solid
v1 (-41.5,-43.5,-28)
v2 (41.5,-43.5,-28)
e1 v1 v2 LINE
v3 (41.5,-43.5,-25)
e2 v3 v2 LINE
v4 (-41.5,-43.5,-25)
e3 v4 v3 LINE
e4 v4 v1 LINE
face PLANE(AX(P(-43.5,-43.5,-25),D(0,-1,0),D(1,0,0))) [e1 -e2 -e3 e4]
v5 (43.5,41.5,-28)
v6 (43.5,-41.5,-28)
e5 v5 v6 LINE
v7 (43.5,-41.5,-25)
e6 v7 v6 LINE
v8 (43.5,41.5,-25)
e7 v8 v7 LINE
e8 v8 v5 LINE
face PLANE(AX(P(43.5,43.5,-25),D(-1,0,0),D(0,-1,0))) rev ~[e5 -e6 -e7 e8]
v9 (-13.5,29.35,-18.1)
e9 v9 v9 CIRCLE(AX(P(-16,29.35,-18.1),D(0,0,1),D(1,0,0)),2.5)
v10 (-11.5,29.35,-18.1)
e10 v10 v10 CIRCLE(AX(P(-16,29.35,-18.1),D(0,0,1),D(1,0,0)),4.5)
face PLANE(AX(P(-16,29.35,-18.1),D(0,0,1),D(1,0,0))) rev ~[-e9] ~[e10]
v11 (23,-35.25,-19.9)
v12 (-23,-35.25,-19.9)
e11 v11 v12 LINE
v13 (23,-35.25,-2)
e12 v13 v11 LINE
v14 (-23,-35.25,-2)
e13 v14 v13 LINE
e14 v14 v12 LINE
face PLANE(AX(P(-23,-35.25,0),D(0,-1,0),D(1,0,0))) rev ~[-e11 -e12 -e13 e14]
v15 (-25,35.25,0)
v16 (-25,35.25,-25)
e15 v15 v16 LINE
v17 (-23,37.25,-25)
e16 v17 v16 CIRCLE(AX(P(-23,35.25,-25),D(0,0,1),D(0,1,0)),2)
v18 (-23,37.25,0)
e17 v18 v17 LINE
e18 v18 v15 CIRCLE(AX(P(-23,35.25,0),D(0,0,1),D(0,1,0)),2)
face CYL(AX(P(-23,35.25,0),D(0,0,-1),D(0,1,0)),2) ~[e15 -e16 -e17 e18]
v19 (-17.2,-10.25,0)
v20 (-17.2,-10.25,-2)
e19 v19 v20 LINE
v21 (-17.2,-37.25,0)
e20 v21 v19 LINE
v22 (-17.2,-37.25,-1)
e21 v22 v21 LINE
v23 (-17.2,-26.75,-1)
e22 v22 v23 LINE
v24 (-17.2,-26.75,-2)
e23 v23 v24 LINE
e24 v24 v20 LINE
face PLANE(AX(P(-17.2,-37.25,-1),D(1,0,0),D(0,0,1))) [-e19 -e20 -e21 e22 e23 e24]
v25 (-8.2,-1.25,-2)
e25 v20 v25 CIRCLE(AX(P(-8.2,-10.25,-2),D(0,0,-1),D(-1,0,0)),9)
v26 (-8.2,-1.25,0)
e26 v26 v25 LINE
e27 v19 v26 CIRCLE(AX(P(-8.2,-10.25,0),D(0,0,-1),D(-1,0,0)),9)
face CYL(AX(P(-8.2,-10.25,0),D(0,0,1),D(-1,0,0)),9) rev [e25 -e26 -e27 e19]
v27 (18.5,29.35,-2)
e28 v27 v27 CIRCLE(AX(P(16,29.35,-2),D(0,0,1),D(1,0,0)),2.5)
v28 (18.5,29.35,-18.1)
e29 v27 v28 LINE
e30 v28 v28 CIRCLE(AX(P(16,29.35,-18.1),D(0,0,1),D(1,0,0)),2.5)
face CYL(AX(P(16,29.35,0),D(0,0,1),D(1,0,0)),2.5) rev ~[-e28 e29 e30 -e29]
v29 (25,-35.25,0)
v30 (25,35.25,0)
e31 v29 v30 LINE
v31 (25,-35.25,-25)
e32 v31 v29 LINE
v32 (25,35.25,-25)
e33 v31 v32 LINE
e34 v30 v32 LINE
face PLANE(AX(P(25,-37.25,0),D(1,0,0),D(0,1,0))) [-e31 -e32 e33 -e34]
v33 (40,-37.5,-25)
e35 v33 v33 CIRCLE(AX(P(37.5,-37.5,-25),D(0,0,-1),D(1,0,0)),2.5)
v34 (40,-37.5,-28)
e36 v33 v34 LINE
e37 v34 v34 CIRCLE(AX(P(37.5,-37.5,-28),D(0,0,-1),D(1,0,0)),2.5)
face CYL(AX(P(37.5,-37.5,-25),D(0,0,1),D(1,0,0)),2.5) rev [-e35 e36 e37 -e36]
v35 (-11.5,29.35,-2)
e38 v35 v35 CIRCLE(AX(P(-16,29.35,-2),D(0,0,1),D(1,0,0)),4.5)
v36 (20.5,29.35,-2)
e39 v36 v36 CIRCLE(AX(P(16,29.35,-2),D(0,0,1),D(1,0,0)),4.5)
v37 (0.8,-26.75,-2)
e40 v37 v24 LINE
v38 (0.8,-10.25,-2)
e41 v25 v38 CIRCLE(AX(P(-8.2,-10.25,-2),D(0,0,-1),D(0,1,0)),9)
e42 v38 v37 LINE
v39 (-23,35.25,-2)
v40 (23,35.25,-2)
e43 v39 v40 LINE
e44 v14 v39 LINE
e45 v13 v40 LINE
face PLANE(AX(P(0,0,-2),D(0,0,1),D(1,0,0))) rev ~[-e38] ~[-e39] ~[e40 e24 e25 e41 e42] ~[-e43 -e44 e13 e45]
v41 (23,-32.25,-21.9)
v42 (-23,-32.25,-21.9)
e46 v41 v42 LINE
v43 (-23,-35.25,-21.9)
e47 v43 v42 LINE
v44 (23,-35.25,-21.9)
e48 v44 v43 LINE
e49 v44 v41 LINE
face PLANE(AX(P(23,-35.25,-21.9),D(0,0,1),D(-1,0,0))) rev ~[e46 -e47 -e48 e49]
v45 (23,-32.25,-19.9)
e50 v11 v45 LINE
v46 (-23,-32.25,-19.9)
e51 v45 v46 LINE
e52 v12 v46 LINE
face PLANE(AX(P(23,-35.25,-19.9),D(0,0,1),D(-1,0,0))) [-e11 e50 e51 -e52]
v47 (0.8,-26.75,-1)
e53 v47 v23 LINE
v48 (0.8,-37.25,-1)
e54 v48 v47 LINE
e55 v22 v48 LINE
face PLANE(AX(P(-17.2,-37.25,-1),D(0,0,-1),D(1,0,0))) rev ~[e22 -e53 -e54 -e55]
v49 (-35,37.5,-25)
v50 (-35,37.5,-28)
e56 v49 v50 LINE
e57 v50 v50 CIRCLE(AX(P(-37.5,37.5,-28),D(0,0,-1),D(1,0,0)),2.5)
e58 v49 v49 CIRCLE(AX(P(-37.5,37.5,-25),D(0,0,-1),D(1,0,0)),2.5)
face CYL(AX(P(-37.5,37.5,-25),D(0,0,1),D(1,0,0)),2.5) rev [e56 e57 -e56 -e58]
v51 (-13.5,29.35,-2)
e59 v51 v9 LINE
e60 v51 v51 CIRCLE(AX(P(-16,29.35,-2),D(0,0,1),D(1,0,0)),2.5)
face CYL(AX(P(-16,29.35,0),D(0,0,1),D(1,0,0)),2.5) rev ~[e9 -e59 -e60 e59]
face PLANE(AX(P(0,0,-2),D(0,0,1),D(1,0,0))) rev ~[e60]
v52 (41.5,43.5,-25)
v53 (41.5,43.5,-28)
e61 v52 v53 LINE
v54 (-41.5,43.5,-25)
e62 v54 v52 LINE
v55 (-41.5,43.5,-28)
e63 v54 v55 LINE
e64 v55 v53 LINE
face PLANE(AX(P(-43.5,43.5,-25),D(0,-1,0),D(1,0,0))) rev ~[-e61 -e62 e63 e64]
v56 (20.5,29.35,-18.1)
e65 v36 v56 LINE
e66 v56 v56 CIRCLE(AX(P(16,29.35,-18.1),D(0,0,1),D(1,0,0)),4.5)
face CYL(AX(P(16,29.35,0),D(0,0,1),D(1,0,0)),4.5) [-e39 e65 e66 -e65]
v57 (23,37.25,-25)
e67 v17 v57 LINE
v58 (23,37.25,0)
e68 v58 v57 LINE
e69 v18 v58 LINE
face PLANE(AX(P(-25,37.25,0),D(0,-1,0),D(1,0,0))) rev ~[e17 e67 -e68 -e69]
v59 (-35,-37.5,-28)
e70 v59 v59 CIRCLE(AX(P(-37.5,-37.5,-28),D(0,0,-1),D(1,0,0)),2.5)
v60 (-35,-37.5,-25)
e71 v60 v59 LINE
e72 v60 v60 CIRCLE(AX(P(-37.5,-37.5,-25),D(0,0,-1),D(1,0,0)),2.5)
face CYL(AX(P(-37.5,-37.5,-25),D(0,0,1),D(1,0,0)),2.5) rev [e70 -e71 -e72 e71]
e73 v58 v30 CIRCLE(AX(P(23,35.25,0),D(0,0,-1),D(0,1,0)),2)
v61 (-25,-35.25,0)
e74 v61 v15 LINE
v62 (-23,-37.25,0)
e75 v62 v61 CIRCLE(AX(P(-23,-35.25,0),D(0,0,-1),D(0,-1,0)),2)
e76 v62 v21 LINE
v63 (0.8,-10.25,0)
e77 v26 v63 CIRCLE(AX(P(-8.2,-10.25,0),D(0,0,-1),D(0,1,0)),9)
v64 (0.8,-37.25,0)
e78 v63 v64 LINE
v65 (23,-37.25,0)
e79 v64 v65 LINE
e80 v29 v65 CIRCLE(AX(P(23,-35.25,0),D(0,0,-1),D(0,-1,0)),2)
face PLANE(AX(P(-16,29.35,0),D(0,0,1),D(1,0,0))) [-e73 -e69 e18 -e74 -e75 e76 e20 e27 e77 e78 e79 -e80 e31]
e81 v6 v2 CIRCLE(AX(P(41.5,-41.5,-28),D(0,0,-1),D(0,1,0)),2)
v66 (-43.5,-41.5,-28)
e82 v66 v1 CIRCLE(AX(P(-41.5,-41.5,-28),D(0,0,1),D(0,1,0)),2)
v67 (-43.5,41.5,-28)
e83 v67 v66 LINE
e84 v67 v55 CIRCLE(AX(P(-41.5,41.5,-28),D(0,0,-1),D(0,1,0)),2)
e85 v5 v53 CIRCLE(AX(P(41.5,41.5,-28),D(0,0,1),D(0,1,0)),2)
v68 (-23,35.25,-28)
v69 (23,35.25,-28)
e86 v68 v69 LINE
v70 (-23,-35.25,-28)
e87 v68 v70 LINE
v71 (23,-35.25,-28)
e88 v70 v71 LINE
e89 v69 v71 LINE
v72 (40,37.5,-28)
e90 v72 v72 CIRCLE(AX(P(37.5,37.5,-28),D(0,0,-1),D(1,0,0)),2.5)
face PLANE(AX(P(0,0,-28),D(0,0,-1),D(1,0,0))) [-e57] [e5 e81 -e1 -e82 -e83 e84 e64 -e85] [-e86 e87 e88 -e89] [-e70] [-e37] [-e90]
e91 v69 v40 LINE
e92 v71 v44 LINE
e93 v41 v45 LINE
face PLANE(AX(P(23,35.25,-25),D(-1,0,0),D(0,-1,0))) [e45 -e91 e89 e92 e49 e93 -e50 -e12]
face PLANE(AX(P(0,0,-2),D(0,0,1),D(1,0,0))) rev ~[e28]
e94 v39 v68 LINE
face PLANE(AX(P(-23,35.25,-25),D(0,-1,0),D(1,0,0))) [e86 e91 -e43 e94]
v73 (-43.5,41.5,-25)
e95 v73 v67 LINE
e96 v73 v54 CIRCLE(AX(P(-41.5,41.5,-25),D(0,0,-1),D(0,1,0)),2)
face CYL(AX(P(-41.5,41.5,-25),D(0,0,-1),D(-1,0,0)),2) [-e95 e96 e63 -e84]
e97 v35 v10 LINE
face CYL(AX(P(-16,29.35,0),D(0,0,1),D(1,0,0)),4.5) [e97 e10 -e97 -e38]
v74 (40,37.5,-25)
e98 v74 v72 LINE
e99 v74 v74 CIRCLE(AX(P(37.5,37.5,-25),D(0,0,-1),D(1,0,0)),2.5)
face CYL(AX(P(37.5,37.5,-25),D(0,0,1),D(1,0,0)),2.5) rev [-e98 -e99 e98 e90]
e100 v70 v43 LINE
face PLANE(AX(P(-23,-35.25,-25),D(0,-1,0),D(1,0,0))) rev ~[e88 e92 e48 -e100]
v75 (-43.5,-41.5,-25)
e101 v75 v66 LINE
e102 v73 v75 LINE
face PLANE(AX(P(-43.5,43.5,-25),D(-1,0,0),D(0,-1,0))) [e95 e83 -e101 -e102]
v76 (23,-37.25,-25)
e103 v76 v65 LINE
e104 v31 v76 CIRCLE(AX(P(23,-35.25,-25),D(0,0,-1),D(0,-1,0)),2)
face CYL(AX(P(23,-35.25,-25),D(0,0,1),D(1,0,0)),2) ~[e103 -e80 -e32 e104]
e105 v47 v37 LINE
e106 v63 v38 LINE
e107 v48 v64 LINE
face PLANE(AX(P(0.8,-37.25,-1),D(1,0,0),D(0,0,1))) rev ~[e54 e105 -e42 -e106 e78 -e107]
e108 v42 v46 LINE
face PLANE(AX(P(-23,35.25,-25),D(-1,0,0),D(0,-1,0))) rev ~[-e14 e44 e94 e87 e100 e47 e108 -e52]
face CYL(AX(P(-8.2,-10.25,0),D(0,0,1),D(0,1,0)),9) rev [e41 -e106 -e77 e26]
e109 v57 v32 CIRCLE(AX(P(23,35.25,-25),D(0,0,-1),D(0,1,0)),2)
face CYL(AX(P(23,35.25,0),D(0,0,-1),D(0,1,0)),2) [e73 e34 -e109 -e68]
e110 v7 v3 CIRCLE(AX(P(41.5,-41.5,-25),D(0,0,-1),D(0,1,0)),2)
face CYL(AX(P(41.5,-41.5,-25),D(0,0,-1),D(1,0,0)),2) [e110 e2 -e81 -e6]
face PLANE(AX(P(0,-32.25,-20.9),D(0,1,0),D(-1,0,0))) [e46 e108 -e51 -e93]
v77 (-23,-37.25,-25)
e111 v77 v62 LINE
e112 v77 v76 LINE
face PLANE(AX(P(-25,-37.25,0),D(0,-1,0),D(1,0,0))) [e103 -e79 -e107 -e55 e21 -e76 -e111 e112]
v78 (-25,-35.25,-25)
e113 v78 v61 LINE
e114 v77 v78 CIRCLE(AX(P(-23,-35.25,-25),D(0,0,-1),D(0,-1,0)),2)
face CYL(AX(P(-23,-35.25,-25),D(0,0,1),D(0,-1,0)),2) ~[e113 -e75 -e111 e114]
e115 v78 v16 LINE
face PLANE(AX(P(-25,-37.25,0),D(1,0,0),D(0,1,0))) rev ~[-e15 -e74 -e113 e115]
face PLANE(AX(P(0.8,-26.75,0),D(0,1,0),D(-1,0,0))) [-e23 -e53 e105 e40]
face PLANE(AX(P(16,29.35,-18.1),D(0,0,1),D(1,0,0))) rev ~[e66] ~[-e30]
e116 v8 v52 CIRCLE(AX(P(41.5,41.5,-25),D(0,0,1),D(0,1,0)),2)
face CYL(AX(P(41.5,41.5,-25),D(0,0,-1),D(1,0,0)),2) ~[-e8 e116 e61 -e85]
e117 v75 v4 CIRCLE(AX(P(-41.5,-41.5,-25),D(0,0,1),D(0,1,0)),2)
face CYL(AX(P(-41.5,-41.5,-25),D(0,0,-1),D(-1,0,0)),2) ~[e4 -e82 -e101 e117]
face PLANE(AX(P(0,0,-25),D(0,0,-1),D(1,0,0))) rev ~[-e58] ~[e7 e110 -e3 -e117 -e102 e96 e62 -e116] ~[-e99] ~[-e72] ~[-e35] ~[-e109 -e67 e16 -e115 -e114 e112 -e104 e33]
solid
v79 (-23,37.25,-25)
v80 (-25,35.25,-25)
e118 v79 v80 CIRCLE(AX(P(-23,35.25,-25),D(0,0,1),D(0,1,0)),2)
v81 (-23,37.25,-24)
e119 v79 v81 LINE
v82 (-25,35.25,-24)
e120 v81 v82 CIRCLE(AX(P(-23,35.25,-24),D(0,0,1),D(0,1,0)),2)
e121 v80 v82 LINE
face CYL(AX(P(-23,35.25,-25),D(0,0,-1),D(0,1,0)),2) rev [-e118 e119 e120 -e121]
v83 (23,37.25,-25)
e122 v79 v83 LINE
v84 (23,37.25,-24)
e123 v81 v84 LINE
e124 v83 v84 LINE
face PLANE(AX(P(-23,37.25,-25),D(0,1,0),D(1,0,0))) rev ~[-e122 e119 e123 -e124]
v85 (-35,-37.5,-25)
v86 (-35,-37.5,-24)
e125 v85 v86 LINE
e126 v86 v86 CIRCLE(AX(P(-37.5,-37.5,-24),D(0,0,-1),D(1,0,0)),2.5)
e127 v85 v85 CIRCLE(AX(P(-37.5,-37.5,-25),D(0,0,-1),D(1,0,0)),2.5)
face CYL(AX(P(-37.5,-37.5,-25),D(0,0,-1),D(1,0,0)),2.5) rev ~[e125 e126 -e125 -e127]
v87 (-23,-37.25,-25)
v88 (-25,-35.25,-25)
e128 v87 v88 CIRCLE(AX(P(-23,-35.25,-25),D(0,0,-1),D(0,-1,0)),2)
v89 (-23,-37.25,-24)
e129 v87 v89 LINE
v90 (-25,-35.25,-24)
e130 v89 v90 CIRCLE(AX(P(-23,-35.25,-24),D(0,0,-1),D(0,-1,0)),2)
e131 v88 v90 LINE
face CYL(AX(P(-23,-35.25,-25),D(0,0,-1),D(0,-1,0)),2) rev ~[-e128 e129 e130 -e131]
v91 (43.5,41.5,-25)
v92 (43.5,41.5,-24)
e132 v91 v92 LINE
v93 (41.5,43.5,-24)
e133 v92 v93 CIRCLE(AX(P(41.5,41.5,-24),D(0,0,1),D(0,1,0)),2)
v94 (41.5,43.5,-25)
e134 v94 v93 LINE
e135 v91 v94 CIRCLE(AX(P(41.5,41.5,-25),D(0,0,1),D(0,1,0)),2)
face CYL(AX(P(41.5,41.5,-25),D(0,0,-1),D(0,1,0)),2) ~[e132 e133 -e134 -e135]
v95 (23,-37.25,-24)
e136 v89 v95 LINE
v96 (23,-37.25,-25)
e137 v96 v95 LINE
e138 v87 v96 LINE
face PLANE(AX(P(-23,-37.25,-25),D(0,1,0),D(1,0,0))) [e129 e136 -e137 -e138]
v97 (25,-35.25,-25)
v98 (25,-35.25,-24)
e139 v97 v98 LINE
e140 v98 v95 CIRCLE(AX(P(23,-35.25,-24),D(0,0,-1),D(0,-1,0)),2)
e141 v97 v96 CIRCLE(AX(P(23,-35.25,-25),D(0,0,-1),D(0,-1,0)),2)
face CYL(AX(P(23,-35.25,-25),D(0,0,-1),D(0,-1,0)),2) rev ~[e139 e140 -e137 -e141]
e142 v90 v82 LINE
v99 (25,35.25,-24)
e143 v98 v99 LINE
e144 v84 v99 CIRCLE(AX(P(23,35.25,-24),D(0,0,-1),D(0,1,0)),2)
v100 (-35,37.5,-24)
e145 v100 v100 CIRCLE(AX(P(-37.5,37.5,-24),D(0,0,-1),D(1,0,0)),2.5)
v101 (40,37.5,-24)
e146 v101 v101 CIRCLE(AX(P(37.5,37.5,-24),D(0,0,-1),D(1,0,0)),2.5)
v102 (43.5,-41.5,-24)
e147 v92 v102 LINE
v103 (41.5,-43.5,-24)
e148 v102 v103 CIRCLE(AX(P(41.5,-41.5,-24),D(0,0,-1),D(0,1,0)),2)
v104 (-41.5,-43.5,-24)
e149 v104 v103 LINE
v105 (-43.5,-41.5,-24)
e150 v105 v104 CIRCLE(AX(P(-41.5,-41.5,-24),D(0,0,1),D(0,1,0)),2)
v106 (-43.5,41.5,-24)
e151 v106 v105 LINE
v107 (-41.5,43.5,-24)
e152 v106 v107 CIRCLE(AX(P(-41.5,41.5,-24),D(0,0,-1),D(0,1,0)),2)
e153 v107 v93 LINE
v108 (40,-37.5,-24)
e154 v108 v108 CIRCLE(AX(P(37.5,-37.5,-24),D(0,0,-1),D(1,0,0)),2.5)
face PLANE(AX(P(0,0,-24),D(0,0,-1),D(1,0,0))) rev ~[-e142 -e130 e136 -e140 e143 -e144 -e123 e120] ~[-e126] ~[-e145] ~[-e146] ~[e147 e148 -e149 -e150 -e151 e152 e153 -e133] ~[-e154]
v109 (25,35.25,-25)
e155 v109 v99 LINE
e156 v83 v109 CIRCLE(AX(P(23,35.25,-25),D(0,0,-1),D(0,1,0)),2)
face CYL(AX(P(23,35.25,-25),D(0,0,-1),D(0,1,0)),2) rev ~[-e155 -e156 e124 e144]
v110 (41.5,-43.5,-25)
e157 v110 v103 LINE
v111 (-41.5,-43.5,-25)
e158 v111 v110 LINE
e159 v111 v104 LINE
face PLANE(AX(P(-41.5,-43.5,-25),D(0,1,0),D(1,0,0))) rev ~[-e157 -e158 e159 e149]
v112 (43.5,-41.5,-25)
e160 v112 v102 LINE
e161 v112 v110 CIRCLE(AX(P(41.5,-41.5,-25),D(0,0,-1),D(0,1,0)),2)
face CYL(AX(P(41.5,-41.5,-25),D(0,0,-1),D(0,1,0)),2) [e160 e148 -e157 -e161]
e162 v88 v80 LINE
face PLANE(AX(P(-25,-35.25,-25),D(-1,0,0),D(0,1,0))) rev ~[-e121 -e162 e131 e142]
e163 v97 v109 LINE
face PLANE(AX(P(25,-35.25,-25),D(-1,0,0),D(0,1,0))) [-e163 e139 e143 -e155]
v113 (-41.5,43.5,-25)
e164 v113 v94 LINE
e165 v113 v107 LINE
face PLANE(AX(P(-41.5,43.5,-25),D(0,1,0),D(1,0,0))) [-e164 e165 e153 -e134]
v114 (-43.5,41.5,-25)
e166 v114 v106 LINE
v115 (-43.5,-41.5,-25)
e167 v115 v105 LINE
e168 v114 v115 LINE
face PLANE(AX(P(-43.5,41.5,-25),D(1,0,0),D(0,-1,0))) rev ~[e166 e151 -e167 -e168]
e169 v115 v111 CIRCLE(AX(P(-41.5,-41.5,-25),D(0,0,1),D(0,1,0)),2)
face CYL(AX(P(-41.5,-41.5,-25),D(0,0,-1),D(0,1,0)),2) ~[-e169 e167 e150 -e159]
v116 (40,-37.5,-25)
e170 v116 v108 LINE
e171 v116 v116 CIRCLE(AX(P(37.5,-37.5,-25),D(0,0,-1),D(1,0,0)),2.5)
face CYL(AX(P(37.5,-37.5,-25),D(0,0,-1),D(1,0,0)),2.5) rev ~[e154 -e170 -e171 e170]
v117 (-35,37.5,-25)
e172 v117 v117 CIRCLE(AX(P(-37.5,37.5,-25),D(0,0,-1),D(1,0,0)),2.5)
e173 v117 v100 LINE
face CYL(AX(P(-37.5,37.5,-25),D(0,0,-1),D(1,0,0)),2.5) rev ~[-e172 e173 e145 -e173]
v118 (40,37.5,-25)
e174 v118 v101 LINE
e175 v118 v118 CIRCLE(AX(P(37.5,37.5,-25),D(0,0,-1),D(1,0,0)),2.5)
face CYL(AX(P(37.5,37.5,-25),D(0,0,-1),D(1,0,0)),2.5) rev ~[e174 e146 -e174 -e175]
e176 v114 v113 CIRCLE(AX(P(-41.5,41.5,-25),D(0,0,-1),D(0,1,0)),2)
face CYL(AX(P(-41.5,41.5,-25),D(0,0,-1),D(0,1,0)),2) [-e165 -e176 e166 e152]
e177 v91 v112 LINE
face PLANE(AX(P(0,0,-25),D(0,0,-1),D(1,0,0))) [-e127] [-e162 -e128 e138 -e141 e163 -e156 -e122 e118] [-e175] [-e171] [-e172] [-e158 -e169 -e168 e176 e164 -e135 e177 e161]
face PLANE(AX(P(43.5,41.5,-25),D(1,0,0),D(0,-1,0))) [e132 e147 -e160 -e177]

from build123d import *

# Parameters (mm, degrees)
F0_W      = 50
F0_H      = 74.5
F0_W_2    = 46
F0_H_2    = 70.5
F0_R      = 4.5
F0_R_2    = 2.5
F1_DEPTH  = 2
F2_DEPTH  = 25
F3_DEPTH  = 18.1
F4_W      = 46
F4_H      = 2
F5_DEPTH  = 3
F6_W      = 87
F6_H      = 87
F6_R      = 2.5
F6_W_2    = 50
F6_H_2    = 74.5
F6_W_3    = 46
F6_H_3    = 70.5
F7_DEPTH  = 3
F8_R      = 2
F9_DEPTH  = 1
F10_W     = 18
F10_H     = 1
F11_DEPTH = 25


with BuildPart() as f1:
    # F0 (on Top) → F1 (new body)
    with BuildSketch(Plane.XY):
        Rectangle(F0_W, F0_H)
        Rectangle(F0_W_2, F0_H_2, mode=Mode.SUBTRACT)
        Rectangle(F0_W_2, F0_H_2)
        Polygon((0.8, -26.75), (-17.2, -26.75), (-17.2, -10.25), (-17.2, -1.25), (-8.2, -1.25), (0.8, -1.25), (0.8, -10.25), align=None, mode=Mode.SUBTRACT)
        with Locations((-16, 29.35)):
            Circle(F0_R, mode=Mode.SUBTRACT)
        with Locations((16, 29.35)):
            Circle(F0_R, mode=Mode.SUBTRACT)
        with Locations((-16, 29.35)):
            Circle(F0_R)
        with Locations((-16, 29.35)):
            Circle(F0_R_2, mode=Mode.SUBTRACT)
        with Locations((16, 29.35)):
            Circle(F0_R)
        with Locations((16, 29.35)):
            Circle(F0_R_2, mode=Mode.SUBTRACT)
        with Locations((-16, 29.35)):
            Circle(F0_R_2)
        with Locations((16, 29.35)):
            Circle(F0_R_2)
        with BuildLine():
            Line((-17.2, -1.25), (-17.2, -10.25))
            ThreePointArc((-17.2, -10.25), (-14.5639610307, -3.8860389693), (-8.2, -1.25))
            Line((-8.2, -1.25), (-17.2, -1.25))
        make_face()
        with BuildLine():
            ThreePointArc((-8.2, -1.25), (-1.8360389693, -3.8860389693), (0.8, -10.25))
            Line((0.8, -10.25), (0.8, -1.25))
            Line((0.8, -1.25), (-8.2, -1.25))
        make_face()
    extrude(amount=-F1_DEPTH)

    # F0 (on Top) → F2 (join)
    with BuildSketch(Plane.XY):
        Rectangle(F0_W, F0_H)
        Rectangle(F0_W_2, F0_H_2, mode=Mode.SUBTRACT)
    extrude(amount=-F2_DEPTH)

    # F0 (on Top) → F3 (join)
    with BuildSketch(Plane.XY):
        with Locations((-16, 29.35)):
            Circle(F0_R)
        with Locations((-16, 29.35)):
            Circle(F0_R_2, mode=Mode.SUBTRACT)
        with Locations((16, 29.35)):
            Circle(F0_R)
        with Locations((16, 29.35)):
            Circle(F0_R_2, mode=Mode.SUBTRACT)
    extrude(amount=-F3_DEPTH)

    # F4 (on face) → F5 (join)
    with BuildSketch(Plane(origin=(0, -35.25, 0), x_dir=(-1, 0, 0), z_dir=(0, 1, 0))):
        with Locations((0, -20.9)):
            Rectangle(F4_W, F4_H)
    extrude(amount=F5_DEPTH)

    # F6 (on face) → F7 (join)
    with BuildSketch(Plane(origin=(0, 0, -25), x_dir=(1, 0, 0), z_dir=(0, 0, -1))):
        Rectangle(F6_W, F6_H)
        with Locations((-37.5, -37.5)):
            Circle(F6_R, mode=Mode.SUBTRACT)
        with Locations((37.5, -37.5)):
            Circle(F6_R, mode=Mode.SUBTRACT)
        with Locations((-37.5, 37.5)):
            Circle(F6_R, mode=Mode.SUBTRACT)
        Rectangle(F6_W_2, F6_H_2, mode=Mode.SUBTRACT)
        with Locations((37.5, 37.5)):
            Circle(F6_R, mode=Mode.SUBTRACT)
        Rectangle(F6_W_2, F6_H_2)
        Rectangle(F6_W_3, F6_H_3, mode=Mode.SUBTRACT)
    extrude(amount=F7_DEPTH)

    # F8
    f8_edges = [f1.edges().sort_by_distance(p)[0] for p in [
        (25, -37.25, -12.5),
        (43.5, -43.5, -26.5),
        (-43.5, -43.5, -26.5),
        (43.5, 43.5, -26.5),
        (-43.5, 43.5, -26.5),
        (-25, 37.25, -12.5),
        (25, 37.25, -12.5),
        (-25, -37.25, -12.5),
    ]]
    fillet(f8_edges, radius=F8_R)


with BuildPart() as f9:
    # F9 (new): a face of the model
    f9_faces = [f1.part.faces().sort_by_distance(p)[0] for p in [
        (0, 42.2696342007, -25),
    ]]
    extrude(f9_faces, amount=F9_DEPTH)


with BuildPart() as f1_1:
    add(f1.part)

    # F10 (on face) → F11 (cut)
    with BuildSketch(Plane.XZ.offset(37.25)):
        with Locations((-8.2, -0.5)):
            Rectangle(F10_W, F10_H)
    extrude(amount=-F11_DEPTH, mode=Mode.SUBTRACT)


solid = Compound([f9.part, f1_1.part])
